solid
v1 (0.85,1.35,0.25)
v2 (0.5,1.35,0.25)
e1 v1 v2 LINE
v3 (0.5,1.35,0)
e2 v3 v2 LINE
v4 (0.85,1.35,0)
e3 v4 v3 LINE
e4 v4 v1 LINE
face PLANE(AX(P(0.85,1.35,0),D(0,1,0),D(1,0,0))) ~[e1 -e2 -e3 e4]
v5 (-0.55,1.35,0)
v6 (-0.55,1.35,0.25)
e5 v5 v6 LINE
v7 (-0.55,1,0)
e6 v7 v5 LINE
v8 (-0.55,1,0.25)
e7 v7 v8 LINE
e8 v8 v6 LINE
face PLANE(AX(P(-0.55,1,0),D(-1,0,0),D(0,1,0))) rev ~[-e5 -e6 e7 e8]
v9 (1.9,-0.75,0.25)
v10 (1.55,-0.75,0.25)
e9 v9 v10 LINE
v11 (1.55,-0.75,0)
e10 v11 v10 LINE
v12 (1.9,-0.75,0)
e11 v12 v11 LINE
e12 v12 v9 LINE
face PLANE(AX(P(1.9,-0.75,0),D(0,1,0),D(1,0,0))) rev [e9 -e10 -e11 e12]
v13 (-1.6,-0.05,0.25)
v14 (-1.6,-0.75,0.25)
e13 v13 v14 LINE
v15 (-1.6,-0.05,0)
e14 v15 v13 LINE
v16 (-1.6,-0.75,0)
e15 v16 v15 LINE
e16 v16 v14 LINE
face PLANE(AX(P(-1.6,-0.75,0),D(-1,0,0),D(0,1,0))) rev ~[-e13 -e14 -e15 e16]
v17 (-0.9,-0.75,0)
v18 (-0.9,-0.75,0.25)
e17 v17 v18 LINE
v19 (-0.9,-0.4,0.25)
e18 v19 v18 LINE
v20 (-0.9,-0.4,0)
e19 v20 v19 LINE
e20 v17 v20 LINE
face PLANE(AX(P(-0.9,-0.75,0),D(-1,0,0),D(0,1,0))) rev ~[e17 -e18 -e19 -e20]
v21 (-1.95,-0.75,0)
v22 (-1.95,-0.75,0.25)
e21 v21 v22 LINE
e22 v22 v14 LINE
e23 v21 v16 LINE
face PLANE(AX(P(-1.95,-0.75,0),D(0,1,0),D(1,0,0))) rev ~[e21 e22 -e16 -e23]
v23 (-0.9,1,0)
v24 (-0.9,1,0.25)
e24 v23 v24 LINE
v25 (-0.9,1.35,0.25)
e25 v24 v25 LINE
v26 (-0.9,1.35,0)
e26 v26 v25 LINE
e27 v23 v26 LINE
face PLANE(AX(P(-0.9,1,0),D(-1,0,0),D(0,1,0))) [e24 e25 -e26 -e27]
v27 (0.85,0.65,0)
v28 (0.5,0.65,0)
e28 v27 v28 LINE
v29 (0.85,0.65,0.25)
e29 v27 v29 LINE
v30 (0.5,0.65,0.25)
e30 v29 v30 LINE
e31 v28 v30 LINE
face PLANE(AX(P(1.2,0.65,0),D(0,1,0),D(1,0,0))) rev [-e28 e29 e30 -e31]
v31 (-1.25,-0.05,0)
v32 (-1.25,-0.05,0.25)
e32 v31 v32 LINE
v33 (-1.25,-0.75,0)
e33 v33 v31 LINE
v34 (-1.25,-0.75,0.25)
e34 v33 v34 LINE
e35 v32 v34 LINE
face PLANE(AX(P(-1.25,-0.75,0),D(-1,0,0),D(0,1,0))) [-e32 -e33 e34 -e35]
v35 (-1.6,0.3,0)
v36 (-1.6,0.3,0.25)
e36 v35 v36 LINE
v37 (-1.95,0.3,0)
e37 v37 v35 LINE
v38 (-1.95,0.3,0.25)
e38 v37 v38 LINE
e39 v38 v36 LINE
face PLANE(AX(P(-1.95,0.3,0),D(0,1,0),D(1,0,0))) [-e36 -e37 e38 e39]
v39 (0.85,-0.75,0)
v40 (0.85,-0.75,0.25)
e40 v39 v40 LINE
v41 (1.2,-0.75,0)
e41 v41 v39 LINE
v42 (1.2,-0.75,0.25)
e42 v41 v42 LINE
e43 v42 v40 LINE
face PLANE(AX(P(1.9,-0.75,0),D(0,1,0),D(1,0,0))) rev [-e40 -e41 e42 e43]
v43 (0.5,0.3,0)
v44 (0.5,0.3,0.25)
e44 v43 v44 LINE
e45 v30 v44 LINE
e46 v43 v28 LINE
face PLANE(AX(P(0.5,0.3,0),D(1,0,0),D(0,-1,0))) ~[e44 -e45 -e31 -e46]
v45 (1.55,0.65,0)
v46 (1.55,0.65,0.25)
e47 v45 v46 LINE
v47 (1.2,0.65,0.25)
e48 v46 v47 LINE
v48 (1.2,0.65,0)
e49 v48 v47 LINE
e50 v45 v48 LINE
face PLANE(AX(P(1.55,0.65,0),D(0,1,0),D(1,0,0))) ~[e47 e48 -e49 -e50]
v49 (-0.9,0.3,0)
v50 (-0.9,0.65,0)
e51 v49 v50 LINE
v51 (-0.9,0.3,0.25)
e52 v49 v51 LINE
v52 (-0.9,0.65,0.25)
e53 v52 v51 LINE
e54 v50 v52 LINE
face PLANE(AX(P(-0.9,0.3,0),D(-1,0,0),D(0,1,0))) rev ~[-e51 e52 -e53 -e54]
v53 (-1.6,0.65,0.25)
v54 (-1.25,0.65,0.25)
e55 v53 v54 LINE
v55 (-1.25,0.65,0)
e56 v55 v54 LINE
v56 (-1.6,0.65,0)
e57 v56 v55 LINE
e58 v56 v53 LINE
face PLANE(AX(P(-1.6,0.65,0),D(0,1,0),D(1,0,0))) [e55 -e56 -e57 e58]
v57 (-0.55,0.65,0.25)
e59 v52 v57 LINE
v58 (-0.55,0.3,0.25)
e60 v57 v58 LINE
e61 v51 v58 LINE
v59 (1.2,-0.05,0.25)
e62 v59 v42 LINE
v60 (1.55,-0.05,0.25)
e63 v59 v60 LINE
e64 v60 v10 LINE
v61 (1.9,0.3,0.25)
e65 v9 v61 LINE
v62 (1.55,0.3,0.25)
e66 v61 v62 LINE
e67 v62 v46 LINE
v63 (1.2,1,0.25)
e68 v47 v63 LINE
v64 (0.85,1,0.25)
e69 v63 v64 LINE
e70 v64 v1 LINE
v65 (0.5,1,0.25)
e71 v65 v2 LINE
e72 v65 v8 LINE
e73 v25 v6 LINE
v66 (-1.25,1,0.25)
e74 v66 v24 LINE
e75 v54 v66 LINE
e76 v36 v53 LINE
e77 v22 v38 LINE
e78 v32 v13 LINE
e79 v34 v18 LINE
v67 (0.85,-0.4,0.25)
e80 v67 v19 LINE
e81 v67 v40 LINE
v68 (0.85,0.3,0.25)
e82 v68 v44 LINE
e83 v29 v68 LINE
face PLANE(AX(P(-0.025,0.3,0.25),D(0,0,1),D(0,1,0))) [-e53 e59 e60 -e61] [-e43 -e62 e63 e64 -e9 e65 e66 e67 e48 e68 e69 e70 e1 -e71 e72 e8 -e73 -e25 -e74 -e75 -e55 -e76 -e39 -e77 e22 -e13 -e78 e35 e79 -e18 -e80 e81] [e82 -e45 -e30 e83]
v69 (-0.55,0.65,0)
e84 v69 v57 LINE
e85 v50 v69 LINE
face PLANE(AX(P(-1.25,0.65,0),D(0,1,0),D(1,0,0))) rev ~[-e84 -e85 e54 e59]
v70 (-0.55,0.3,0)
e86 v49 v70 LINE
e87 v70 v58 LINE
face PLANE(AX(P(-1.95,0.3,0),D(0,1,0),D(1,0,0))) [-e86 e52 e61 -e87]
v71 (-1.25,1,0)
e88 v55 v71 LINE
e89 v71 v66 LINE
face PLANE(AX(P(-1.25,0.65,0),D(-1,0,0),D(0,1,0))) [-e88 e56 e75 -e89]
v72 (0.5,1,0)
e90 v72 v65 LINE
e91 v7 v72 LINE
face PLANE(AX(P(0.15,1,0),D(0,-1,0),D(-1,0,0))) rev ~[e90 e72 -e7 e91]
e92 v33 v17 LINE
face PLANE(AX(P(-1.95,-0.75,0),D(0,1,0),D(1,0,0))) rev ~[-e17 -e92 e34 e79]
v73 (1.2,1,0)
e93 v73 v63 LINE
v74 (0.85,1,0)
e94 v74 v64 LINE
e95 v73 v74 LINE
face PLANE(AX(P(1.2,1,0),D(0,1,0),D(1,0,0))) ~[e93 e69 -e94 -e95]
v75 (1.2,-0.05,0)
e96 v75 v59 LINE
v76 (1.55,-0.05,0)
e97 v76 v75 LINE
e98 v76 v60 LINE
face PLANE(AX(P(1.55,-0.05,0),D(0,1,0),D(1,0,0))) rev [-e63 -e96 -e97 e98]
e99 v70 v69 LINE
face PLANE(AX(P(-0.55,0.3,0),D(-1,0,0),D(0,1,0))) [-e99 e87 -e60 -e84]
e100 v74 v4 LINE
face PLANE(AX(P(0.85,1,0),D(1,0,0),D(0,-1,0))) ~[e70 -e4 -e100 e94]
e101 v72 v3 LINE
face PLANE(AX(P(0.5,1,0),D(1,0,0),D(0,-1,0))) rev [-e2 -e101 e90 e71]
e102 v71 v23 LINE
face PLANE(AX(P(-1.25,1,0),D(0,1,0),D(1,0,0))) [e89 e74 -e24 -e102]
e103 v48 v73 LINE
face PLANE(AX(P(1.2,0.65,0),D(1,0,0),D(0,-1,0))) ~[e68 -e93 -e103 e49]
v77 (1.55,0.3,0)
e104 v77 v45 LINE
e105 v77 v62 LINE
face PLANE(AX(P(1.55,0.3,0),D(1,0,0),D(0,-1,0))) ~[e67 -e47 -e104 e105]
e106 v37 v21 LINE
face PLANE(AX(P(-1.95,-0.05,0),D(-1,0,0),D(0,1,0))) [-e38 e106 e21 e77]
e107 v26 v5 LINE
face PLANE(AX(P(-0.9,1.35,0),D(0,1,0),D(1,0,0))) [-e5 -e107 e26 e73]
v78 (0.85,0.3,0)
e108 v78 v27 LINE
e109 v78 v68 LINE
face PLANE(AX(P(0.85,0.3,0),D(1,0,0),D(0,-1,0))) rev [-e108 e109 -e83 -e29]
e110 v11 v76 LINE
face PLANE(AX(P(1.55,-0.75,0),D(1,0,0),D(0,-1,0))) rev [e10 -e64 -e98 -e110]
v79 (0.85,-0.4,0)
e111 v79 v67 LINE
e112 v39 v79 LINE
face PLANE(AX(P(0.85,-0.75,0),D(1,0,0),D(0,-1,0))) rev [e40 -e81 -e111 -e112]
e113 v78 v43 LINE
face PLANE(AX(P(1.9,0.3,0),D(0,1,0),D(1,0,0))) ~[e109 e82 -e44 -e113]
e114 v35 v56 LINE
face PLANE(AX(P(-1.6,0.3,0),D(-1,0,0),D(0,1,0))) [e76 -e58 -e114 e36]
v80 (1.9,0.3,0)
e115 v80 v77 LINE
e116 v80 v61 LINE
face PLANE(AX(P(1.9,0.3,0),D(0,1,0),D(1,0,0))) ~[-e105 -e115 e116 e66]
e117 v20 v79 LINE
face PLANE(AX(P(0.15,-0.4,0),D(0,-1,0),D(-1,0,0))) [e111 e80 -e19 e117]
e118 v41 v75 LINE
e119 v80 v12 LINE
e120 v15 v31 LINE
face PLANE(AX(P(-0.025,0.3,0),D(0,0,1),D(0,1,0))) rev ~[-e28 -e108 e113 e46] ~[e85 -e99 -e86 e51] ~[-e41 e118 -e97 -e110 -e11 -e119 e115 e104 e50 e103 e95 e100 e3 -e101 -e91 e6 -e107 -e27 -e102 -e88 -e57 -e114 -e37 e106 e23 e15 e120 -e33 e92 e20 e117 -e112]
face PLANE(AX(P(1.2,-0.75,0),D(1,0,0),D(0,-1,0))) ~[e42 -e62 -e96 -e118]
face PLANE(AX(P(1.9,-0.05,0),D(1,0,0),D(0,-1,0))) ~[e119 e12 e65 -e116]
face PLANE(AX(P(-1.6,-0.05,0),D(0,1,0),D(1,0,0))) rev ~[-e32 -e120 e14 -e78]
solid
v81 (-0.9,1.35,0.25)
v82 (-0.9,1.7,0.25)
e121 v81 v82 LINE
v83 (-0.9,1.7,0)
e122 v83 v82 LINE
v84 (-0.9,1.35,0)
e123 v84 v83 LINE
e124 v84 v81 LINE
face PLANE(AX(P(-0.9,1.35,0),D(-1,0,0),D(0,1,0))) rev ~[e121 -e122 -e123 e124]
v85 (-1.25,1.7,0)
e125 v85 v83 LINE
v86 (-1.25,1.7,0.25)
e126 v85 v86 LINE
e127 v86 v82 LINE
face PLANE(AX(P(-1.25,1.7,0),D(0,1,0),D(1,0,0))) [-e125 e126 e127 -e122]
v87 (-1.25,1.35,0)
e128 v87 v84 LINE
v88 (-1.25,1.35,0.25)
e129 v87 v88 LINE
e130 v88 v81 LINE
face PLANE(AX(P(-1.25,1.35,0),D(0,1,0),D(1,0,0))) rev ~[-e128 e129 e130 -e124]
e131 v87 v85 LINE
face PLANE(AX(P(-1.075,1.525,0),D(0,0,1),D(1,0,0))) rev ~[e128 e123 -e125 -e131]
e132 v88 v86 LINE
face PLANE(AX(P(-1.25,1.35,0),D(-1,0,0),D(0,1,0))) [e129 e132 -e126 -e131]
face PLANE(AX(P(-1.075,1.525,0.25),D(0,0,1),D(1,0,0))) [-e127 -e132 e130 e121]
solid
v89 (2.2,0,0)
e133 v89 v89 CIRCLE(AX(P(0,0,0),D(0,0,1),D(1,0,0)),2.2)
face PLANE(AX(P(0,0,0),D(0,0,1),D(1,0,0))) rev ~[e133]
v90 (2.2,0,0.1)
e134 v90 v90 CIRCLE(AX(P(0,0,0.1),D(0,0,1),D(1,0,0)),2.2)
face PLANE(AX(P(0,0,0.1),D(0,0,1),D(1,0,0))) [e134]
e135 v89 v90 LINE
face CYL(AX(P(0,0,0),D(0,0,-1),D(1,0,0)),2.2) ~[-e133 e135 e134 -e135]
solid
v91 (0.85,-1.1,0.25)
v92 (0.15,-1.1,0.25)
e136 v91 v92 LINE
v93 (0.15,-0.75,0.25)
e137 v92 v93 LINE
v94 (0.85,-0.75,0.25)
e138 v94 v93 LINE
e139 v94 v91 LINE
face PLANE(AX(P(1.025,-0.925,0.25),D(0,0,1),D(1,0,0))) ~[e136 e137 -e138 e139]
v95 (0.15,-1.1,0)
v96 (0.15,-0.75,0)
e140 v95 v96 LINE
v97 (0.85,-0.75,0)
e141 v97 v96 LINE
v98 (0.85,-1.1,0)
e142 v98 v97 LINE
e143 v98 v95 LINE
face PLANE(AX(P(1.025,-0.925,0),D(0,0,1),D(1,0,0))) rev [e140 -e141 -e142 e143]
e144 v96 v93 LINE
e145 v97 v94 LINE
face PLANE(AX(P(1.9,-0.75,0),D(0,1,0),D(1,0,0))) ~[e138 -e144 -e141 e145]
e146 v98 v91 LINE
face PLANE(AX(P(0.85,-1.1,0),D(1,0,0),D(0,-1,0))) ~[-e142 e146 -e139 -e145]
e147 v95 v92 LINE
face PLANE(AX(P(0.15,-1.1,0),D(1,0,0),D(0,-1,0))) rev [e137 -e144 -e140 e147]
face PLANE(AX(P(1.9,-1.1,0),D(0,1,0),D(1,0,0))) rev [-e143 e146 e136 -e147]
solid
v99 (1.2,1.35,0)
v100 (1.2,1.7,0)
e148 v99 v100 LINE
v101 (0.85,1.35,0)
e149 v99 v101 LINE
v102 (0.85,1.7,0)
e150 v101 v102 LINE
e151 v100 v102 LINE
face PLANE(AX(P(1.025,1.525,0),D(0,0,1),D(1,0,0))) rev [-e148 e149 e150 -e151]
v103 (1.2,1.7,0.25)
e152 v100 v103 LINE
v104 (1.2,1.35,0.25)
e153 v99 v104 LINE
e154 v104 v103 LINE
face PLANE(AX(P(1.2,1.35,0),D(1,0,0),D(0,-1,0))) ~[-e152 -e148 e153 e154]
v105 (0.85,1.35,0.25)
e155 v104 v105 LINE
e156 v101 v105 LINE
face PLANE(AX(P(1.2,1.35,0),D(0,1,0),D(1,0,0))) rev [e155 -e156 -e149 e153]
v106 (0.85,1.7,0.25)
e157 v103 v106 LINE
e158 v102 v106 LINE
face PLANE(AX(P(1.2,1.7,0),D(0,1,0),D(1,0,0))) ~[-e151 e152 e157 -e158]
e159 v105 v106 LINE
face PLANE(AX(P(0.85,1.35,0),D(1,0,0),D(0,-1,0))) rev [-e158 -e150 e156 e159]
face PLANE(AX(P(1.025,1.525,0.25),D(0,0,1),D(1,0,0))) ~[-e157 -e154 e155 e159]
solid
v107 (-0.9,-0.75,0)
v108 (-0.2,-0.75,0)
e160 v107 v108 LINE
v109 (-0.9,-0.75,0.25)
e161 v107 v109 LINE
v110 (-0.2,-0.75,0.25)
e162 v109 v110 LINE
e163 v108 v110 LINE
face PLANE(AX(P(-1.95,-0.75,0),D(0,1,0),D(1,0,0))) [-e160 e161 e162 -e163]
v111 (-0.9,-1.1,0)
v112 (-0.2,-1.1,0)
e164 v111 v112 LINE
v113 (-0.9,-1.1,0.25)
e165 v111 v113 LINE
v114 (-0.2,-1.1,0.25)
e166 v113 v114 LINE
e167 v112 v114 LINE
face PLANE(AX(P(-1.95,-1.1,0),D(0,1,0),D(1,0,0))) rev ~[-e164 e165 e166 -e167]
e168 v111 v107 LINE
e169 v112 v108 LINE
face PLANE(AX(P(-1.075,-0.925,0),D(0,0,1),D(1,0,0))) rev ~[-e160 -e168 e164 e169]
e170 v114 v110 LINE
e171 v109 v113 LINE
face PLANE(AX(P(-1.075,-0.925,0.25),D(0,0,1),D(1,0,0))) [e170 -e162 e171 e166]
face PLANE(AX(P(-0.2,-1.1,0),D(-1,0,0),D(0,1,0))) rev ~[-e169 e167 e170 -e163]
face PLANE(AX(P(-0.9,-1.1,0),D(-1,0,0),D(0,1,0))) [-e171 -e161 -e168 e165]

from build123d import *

# Parameters (mm, degrees)
CYLINDER_R     = 2.2
CYLINDER_DEPTH = 0.1
BOX009_W       = 0.35
BOX009_H       = 0.7
BOX009_DEPTH   = 1
BOX010_W       = 1.05
BOX010_H       = 0.35
BOX010_DEPTH   = 1
BOX007_W       = 1.75
BOX007_H       = 0.35
BOX007_DEPTH   = 0.25
BOX001_W       = 0.35
BOX001_H       = 0.35
BOX001_DEPTH   = 1
BOX003_W       = 1.4
BOX003_H       = 0.35
BOX003_DEPTH   = 0.25
BOX008_W       = 0.35
BOX008_H       = 0.35
BOX008_DEPTH   = 0.25
BOX005_W       = 1.75
BOX005_H       = 0.35
BOX005_DEPTH   = 0.25
BOX004_W       = 1.75
BOX004_H       = 0.35
BOX004_DEPTH   = 0.25
BOX002_W       = 1.05
BOX002_H       = 0.35
BOX002_DEPTH   = 0.25
BOX_W          = 0.35
BOX_H          = 0.35
BOX_DEPTH      = 0.25
BOX012_W       = 1.05
BOX012_H       = 0.35
BOX012_DEPTH   = 1
BOX011_W       = 1.75
BOX011_H       = 0.35
BOX011_DEPTH   = 1
BOX006_W       = 1.75
BOX006_H       = 0.35
BOX006_DEPTH   = 0.25
BOX013_W       = 1.4
BOX013_H       = 0.35
BOX013_DEPTH   = 0.25


with BuildPart() as cylinder:
    # Cylinder → Cylinder (new body)
    with BuildSketch(Plane.XY):
        Circle(CYLINDER_R)
    extrude(amount=CYLINDER_DEPTH)


with BuildPart() as cube009:
    # Box009 → Box009 (new body)
    with BuildSketch(Plane(origin=(-1.35, -1.1, 0), x_dir=(1, 0, 0), z_dir=(0, 0, 1))):
        with Locations((0.175, 0.35)):
            Rectangle(BOX009_W, BOX009_H)
    extrude(amount=BOX009_DEPTH)


with BuildPart() as cube010:
    # Box010 → Box010 (new body)
    with BuildSketch(Plane(origin=(-1.7, -1.45, 0), x_dir=(1, 0, 0), z_dir=(0, 0, 1))):
        with Locations((0.525, 0.175)):
            Rectangle(BOX010_W, BOX010_H)
    extrude(amount=BOX010_DEPTH)


with BuildPart() as cut001:
    # Box007 → Box007 (new body)
    with BuildSketch(Plane(origin=(-1.7, -1.45, 0), x_dir=(1, 0, 0), z_dir=(0, 0, 1))):
        with Locations((0.875, 0.175)):
            Rectangle(BOX007_W, BOX007_H)
    extrude(amount=BOX007_DEPTH)

    # Cut001: cut Cube010
    add(cube010.part, mode=Mode.SUBTRACT)


with BuildPart() as cube001:
    # Box001 → Box001 (new body)
    with BuildSketch(Plane(origin=(-0.65, -0.05, 0), x_dir=(1, 0, 0), z_dir=(0, 0, 1))):
        with Locations((0.175, 0.175)):
            Rectangle(BOX001_W, BOX001_H)
    extrude(amount=BOX001_DEPTH)


with BuildPart() as cut:
    # Box003 → Box003 (new body)
    with BuildSketch(Plane(origin=(-1.35, -0.05, 0), x_dir=(1, 0, 0), z_dir=(0, 0, 1))):
        with Locations((0.7, 0.175)):
            Rectangle(BOX003_W, BOX003_H)
    extrude(amount=BOX003_DEPTH)

    # Cut: cut Cube001
    add(cube001.part, mode=Mode.SUBTRACT)


with BuildPart() as cube008:
    # Box008 → Box008 (new body)
    with BuildSketch(Plane(origin=(-0.65, 0.65, 0), x_dir=(1, 0, 0), z_dir=(0, 0, 1))):
        with Locations((0.175, 0.175)):
            Rectangle(BOX008_W, BOX008_H)
    extrude(amount=BOX008_DEPTH)


with BuildPart() as cube005:
    # Box005 → Box005 (new body)
    with BuildSketch(Plane(origin=(-1.7, -0.75, 0), x_dir=(1, 0, 0), z_dir=(0, 0, 1))):
        with Locations((0.875, 0.175)):
            Rectangle(BOX005_W, BOX005_H)
    extrude(amount=BOX005_DEPTH)


with BuildPart() as cube004:
    # Box004 → Box004 (new body)
    with BuildSketch(Plane(origin=(-1.7, -0.4, 0), x_dir=(1, 0, 0), z_dir=(0, 0, 1))):
        with Locations((0.875, 0.175)):
            Rectangle(BOX004_W, BOX004_H)
    extrude(amount=BOX004_DEPTH)


with BuildPart() as cube002:
    # Box002 → Box002 (new body)
    with BuildSketch(Plane(origin=(-1, 0.3, 0), x_dir=(1, 0, 0), z_dir=(0, 0, 1))):
        with Locations((0.525, 0.175)):
            Rectangle(BOX002_W, BOX002_H)
    extrude(amount=BOX002_DEPTH)


with BuildPart() as cube:
    # Box → Box (new body)
    with BuildSketch(Plane(origin=(-1, 1, 0), x_dir=(1, 0, 0), z_dir=(0, 0, 1))):
        with Locations((0.175, 0.175)):
            Rectangle(BOX_W, BOX_H)
    extrude(amount=BOX_DEPTH)


with BuildPart() as cube012:
    # Box012 → Box012 (new body)
    with BuildSketch(Plane(origin=(-1.7, -1.45, 0), x_dir=(1, 0, 0), z_dir=(0, 0, 1))):
        with Locations((0.525, 0.175)):
            Rectangle(BOX012_W, BOX012_H)
    extrude(amount=BOX012_DEPTH)


with BuildPart() as cut002:
    # Box011 → Box011 (new body)
    with BuildSketch(Plane(origin=(-1.7, -1.45, 0), x_dir=(1, 0, 0), z_dir=(0, 0, 1))):
        with Locations((0.875, 0.175)):
            Rectangle(BOX011_W, BOX011_H)
    extrude(amount=BOX011_DEPTH)

    # Cut002: cut Cube012
    add(cube012.part, mode=Mode.SUBTRACT)


with BuildPart() as cut002_1:
    # Cut002 placement: moved
    add(cut002.part.moved(Location((0, 0.35, 0))))


with BuildPart() as left_side:
    # Box006 → Box006 (new body)
    with BuildSketch(Plane(origin=(-1.7, -1.1, 0), x_dir=(1, 0, 0), z_dir=(0, 0, 1))):
        with Locations((0.875, 0.175)):
            Rectangle(BOX006_W, BOX006_H)
    extrude(amount=BOX006_DEPTH)

    # Cut003: cut Cut002
    add(cut002_1.part, mode=Mode.SUBTRACT)

    # Fusion: union Cut001, Cut, Cube008, Cube005, Cube004, Cube002, Cube
    add(cut001.part)
    add(cut.part)
    add(cube008.part)
    add(cube005.part)
    add(cube004.part)
    add(cube002.part)
    add(cube.part)

    # Cut004: cut Cube009
    add(cube009.part, mode=Mode.SUBTRACT)


with BuildPart() as left_side_mirrored:
    # Mirror: instance of left_side
    add(left_side.part.mirror(Plane(origin=(0.05, 0.65, 0), x_dir=(0, 1, 0), z_dir=(-1, 0, 0))))


with BuildPart() as left_side_mirrored_1:
    # Mirror placement: moved
    add(left_side_mirrored.part.moved(Location((0.35, 0, 0))))


with BuildPart() as cube013:
    # Box013 → Box013 (new body)
    with BuildSketch(Plane(origin=(0.4, -0.75, 0), x_dir=(0, 1, 0), z_dir=(0, 0, 1))):
        with Locations((0.7, 0.175)):
            Rectangle(BOX013_W, BOX013_H)
    extrude(amount=BOX013_DEPTH)


with BuildPart() as fusion001:
    # Fusion001 base: copy of left_side
    add(left_side.part)

    # Fusion001: union left_side (mirrored), Cube013
    add(left_side_mirrored_1.part)
    add(cube013.part)


with BuildPart() as fusion001_1:
    # Fusion001 placement: moved
    add(fusion001.part.moved(Location((-0.25, 0.35, 0))))


solid = Compound([cylinder.part, fusion001_1.part])
